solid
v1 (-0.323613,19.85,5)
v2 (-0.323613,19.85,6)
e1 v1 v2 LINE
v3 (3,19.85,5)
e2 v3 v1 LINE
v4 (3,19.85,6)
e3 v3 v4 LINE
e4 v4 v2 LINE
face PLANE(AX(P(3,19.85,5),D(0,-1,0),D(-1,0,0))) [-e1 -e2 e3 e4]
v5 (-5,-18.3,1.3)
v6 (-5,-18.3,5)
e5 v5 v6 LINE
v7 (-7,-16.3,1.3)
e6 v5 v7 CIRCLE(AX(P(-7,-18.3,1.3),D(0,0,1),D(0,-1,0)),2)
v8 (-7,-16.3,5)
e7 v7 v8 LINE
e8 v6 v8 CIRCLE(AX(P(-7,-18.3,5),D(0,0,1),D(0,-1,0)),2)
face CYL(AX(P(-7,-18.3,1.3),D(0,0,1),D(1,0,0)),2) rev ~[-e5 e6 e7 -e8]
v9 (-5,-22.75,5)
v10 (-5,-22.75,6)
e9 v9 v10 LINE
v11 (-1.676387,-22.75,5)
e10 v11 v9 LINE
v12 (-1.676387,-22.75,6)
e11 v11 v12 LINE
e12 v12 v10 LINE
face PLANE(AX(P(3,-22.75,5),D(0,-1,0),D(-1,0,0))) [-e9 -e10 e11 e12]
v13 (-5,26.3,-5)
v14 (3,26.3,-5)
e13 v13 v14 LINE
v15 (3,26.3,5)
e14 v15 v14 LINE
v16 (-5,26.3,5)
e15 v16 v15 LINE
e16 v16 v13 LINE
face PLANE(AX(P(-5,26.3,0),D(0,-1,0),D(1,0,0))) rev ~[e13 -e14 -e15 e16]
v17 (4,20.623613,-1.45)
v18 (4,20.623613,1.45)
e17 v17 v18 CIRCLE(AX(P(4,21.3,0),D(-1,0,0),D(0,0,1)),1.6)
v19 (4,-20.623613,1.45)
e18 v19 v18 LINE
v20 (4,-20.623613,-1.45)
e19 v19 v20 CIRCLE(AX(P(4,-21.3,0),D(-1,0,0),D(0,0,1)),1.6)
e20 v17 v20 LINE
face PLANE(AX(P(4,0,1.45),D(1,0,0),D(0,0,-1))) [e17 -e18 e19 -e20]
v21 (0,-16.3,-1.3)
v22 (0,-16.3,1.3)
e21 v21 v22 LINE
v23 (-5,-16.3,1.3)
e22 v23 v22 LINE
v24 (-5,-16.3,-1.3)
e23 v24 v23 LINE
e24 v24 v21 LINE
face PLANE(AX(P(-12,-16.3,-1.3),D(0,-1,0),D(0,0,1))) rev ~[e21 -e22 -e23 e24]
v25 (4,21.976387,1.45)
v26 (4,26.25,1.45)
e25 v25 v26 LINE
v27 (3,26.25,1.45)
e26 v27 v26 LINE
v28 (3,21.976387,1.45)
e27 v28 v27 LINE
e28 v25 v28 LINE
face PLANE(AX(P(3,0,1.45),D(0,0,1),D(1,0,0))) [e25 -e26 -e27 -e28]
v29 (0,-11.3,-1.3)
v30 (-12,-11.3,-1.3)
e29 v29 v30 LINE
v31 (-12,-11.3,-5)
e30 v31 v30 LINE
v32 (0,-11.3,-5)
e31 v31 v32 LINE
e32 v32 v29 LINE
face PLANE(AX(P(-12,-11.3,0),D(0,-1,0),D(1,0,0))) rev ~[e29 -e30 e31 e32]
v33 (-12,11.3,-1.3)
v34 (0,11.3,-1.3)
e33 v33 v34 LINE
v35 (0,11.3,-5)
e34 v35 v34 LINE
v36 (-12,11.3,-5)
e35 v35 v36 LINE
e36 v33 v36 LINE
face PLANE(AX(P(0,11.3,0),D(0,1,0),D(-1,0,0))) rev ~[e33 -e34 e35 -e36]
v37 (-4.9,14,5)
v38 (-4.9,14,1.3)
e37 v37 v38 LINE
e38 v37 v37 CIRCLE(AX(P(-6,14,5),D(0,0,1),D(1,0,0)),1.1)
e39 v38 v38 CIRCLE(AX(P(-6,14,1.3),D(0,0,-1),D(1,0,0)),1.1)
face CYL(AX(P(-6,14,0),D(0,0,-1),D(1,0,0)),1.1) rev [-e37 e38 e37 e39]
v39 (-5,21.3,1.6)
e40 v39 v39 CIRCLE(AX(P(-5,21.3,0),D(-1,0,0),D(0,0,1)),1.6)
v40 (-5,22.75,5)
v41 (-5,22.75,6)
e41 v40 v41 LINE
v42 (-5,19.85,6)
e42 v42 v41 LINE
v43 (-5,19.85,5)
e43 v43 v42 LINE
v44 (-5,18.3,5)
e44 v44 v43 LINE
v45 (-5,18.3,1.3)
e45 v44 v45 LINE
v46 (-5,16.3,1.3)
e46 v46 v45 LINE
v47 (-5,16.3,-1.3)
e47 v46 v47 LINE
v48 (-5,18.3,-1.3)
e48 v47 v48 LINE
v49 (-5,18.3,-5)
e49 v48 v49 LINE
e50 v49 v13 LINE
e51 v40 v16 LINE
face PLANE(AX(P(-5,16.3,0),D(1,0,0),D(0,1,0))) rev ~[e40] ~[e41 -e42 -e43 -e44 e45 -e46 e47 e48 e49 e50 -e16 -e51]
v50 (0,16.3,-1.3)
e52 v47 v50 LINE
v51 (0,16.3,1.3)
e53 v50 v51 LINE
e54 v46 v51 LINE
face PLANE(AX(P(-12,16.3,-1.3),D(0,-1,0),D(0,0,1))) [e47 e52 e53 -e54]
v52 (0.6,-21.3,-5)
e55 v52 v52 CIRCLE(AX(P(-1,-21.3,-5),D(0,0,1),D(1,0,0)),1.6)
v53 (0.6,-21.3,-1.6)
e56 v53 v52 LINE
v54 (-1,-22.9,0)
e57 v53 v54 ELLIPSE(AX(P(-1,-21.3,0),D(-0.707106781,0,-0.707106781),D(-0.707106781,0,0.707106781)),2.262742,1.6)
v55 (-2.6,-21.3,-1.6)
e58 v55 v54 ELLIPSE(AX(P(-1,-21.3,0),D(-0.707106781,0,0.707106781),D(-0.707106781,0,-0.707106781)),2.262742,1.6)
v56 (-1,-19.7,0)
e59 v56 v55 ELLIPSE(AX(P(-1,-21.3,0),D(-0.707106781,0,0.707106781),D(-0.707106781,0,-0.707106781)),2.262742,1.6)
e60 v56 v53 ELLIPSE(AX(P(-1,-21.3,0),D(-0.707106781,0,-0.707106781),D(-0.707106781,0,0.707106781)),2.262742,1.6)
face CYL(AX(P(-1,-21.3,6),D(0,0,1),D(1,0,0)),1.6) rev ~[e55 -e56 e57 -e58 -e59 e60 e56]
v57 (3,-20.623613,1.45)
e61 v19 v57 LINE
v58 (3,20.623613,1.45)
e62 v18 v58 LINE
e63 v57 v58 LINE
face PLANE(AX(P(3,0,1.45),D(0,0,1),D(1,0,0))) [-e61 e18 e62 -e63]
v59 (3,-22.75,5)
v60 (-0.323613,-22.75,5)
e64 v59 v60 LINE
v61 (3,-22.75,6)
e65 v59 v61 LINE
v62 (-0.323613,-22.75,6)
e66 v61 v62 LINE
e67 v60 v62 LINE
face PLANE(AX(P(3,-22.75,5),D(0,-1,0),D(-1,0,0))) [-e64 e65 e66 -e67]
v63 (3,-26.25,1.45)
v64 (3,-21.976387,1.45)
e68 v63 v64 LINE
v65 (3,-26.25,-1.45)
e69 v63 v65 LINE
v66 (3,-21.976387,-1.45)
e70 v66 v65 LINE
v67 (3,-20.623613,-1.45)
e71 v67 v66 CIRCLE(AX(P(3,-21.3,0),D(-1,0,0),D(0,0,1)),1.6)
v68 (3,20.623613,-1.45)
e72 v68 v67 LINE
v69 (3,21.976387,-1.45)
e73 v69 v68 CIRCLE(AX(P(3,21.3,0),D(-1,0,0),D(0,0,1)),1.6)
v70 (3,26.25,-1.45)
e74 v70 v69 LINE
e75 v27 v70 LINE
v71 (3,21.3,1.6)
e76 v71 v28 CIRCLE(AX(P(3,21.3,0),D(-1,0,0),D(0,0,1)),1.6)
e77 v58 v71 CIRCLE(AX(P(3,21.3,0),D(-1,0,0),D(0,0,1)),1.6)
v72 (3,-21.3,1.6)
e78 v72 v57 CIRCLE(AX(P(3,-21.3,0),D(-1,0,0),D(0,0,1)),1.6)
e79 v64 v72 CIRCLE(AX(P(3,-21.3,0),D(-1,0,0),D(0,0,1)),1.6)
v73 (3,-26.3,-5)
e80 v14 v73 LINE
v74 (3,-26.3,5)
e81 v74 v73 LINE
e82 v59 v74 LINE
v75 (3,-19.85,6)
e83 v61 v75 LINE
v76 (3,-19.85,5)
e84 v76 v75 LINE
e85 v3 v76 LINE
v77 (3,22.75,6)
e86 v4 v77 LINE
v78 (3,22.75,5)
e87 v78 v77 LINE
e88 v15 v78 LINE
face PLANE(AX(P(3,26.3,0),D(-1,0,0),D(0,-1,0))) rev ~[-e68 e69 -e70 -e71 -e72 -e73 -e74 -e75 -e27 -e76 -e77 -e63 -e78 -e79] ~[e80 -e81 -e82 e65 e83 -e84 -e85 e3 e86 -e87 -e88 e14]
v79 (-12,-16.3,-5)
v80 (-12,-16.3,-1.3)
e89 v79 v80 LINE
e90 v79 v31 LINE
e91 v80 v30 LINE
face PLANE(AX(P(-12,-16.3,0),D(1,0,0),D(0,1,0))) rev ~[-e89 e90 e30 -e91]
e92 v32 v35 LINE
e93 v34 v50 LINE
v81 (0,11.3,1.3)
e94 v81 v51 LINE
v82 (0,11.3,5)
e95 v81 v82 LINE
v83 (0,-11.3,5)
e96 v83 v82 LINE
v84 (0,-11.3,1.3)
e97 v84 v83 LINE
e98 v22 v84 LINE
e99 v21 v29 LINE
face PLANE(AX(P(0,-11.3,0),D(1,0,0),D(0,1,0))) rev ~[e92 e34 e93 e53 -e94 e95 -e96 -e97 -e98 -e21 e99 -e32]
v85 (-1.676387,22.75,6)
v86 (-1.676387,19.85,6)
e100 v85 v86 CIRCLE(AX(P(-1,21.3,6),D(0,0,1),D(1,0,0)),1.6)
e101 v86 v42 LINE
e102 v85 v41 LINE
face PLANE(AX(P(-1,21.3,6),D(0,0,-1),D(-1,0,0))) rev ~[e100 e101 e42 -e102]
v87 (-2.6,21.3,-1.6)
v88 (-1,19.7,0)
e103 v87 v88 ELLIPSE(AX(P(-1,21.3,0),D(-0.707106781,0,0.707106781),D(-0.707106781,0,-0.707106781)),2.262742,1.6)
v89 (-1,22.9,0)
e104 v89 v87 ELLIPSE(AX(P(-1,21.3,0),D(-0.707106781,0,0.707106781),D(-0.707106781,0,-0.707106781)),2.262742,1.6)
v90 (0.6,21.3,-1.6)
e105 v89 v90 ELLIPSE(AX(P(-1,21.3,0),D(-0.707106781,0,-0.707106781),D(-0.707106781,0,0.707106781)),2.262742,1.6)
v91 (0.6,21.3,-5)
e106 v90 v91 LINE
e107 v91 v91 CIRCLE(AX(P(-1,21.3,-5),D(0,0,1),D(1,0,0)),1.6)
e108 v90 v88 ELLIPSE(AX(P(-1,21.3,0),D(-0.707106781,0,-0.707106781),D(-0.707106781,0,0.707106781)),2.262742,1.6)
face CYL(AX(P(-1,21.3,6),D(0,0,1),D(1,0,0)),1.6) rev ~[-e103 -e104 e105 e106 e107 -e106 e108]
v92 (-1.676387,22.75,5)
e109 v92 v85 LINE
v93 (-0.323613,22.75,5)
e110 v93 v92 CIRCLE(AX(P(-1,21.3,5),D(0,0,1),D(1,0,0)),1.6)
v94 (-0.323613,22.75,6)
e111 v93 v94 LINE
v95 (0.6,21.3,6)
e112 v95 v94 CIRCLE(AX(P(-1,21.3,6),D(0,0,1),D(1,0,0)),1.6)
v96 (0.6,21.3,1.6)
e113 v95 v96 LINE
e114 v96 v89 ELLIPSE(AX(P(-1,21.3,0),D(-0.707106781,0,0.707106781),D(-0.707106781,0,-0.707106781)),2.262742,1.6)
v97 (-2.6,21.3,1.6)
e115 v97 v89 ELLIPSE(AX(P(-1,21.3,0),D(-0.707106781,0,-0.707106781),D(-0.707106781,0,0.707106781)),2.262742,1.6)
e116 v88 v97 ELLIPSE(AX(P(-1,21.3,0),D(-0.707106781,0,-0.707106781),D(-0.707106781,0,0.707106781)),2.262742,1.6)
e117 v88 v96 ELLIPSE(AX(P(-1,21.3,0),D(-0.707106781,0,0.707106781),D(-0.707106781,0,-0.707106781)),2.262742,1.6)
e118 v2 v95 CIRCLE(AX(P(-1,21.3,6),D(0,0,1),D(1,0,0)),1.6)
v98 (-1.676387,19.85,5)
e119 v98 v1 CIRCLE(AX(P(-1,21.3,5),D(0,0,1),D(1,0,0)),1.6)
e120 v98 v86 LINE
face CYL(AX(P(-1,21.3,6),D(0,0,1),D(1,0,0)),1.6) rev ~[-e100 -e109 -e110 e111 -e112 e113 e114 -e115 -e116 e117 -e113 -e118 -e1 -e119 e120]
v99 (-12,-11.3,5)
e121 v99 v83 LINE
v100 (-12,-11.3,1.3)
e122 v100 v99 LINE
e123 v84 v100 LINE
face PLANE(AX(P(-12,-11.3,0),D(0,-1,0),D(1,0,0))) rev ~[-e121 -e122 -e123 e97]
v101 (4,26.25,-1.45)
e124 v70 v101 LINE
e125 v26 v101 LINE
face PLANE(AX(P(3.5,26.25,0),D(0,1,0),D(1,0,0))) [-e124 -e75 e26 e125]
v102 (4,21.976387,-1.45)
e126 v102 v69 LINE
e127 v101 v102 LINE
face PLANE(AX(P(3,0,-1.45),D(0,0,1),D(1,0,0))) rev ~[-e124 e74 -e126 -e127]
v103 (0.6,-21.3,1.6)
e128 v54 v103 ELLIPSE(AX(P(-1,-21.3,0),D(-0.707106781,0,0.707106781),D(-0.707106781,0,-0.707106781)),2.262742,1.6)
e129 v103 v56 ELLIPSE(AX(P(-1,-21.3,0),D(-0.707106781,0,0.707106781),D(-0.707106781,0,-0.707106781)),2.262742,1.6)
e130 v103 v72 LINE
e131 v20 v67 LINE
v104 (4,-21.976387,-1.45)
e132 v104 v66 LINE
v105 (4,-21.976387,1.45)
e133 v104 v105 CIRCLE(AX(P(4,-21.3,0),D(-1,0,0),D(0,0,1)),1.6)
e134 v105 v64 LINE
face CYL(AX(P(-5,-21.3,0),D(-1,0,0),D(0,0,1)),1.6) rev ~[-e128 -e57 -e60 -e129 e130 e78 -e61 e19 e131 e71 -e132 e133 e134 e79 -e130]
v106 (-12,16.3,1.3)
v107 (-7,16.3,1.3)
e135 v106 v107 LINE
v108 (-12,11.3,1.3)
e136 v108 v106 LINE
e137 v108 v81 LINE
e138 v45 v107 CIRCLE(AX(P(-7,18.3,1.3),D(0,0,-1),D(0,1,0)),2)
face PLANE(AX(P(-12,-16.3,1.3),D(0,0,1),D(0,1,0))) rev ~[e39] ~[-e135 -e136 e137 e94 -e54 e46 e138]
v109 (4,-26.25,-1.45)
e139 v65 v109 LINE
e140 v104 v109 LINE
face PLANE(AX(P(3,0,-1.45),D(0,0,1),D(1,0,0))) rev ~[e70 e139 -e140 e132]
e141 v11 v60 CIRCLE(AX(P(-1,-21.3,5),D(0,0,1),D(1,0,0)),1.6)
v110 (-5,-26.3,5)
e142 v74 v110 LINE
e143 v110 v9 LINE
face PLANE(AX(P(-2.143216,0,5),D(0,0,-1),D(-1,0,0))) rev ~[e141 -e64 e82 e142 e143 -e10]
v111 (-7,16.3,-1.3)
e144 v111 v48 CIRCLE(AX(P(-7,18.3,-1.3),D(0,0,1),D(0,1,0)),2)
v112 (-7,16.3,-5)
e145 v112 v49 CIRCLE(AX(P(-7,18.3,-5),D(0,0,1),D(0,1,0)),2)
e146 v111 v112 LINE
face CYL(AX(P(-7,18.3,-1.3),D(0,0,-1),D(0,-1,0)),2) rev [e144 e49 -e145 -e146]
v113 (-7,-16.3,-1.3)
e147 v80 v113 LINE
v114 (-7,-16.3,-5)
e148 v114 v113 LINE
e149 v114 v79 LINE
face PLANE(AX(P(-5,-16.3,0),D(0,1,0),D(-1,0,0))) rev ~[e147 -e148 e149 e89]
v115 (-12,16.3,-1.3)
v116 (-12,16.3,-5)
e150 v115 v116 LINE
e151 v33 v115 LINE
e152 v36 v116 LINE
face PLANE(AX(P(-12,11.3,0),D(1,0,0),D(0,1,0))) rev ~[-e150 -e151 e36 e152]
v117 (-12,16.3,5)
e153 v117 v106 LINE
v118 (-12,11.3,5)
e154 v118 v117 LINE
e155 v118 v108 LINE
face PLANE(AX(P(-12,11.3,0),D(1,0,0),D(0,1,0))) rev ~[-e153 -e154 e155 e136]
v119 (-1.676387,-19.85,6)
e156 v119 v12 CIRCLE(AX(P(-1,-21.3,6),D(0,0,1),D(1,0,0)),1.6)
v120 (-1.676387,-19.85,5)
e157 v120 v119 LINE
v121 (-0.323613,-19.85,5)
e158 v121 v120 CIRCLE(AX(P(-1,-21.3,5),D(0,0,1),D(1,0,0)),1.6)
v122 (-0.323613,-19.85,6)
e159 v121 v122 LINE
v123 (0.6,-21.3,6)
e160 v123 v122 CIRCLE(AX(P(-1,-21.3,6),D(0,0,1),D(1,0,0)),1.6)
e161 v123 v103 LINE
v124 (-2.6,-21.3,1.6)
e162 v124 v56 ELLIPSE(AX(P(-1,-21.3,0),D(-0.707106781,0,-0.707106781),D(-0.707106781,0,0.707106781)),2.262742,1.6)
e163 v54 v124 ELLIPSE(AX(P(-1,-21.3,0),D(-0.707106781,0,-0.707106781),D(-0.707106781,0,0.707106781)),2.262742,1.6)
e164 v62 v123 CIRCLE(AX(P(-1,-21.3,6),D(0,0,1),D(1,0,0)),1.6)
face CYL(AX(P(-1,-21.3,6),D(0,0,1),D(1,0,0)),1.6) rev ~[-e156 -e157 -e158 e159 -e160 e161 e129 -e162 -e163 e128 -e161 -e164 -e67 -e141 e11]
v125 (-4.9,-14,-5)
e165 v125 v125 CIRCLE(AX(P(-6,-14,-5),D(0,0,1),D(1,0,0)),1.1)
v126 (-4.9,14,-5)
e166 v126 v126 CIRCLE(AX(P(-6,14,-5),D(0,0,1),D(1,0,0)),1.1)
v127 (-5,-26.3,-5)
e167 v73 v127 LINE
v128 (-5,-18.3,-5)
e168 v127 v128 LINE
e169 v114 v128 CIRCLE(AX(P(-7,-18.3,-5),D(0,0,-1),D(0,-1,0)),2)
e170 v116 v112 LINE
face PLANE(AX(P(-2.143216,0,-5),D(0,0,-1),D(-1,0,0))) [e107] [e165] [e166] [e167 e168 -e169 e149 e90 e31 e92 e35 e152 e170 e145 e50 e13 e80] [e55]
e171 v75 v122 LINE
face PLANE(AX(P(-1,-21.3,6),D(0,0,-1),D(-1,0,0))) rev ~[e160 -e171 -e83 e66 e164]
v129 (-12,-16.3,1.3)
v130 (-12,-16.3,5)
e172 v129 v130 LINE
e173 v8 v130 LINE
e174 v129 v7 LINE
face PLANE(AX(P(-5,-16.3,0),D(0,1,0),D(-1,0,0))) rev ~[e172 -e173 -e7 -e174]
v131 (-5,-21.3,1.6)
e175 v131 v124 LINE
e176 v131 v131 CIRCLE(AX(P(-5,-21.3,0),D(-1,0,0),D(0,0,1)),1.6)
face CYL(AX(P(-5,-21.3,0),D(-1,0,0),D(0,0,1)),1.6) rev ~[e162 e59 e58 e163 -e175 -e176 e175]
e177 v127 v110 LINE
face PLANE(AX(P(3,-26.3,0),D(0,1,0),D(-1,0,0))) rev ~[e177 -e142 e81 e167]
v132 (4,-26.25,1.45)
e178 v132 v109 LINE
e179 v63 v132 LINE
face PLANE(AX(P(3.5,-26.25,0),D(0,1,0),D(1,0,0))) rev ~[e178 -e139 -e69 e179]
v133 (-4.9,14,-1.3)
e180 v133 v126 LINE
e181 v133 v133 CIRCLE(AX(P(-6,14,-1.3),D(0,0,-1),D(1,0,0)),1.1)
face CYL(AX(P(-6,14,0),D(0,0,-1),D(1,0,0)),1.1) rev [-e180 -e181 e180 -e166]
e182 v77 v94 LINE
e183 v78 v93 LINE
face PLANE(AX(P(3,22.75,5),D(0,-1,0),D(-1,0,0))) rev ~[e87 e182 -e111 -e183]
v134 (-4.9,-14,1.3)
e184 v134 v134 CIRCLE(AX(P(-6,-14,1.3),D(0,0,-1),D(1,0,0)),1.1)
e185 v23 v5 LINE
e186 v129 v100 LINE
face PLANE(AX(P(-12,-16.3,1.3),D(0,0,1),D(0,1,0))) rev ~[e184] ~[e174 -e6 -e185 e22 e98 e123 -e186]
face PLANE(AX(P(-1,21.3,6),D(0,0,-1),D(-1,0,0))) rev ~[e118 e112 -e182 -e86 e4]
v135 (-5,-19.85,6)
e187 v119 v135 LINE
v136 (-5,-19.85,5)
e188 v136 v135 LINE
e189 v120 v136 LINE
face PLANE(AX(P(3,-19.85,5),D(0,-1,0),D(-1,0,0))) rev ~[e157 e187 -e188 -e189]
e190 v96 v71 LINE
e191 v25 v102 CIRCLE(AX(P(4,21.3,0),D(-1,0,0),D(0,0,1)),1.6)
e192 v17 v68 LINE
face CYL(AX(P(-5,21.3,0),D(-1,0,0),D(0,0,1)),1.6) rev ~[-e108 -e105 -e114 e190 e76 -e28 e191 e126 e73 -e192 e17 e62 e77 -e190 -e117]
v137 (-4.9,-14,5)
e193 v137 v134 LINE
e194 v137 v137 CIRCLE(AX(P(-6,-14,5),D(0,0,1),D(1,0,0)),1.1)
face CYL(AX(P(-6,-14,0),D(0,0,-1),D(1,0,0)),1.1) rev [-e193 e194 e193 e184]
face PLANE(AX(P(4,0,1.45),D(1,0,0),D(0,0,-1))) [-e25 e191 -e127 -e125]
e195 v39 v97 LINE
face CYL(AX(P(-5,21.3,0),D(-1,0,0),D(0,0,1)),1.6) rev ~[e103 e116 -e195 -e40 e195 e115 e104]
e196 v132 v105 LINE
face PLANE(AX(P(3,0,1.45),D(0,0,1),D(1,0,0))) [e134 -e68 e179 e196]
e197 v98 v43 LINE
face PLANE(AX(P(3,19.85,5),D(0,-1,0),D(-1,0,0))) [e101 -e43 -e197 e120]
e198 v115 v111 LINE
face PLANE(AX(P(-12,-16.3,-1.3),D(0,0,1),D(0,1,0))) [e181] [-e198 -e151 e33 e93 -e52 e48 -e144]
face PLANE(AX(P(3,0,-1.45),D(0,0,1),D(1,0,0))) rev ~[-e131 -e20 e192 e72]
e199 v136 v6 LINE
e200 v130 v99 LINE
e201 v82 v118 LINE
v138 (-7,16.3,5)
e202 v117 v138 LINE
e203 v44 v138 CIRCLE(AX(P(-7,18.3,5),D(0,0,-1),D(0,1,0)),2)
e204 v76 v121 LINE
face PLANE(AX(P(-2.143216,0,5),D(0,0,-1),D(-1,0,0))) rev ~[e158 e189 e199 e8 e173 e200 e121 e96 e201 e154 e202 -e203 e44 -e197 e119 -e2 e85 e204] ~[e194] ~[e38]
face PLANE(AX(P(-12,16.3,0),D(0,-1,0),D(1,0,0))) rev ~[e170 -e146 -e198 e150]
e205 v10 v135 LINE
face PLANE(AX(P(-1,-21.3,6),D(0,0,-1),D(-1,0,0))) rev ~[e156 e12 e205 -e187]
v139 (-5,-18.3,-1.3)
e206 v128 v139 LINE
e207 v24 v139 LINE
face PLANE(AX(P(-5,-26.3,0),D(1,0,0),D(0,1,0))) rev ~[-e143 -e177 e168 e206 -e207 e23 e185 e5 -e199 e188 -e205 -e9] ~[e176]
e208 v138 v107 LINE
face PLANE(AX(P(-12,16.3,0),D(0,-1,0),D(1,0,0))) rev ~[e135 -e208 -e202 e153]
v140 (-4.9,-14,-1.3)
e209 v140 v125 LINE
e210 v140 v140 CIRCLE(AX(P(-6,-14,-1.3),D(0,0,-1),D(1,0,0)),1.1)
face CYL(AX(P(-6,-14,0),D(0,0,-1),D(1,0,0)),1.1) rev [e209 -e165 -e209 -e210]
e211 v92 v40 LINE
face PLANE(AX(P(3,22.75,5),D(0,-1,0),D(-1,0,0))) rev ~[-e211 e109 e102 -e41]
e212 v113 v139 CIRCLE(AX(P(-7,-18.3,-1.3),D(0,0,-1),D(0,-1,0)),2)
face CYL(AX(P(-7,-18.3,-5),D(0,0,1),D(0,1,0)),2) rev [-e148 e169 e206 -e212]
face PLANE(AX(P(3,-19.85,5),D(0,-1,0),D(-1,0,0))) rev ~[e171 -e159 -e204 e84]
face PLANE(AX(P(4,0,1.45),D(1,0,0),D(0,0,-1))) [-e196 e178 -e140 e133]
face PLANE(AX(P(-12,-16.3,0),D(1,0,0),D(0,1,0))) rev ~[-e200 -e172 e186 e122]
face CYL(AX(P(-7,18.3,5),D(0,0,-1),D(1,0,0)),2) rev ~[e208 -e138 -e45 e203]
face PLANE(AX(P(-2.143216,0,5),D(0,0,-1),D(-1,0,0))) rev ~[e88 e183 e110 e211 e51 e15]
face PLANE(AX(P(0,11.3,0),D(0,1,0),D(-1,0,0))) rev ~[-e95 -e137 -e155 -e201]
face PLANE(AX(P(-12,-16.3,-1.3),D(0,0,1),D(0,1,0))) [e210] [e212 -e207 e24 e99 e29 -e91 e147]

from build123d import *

# Parameters (mm, degrees)
SKETCH1_R                      = 1.1
MAIN_DEPTH                     = 5
SKETCH2_W                      = 1
SKETCH2_H                      = 2.9
MAKERBEAMSUPPORT_DEPTH         = 26.25
SKETCH3_R                      = 1.6
MAKERBEAMHOLES_DEPTH           = 10
SKETCH4_W                      = 2.6
SKETCH4_H                      = 32.6
CUT_EXTRUDE2_DEPTH             = 12
SKETCH5_W                      = 8
SKETCH5_H                      = 2.9
MAKERBEAMTOPSUPPORT_DEPTH      = 1
SKETCH6_R                      = 1.6
MAKERBEAMTOPHOLESSUPPORT_DEPTH = 12
FILLET1_R                      = 2


with BuildPart() as part:
    # Sketch1 → Main (new body, symmetric)
    with BuildSketch(Plane.XY):
        Polygon((0, 11.3), (-12, 11.3), (-12, 16.3), (-5, 16.3), (-5, 26.3), (3, 26.3), (3, -26.3), (-5, -26.3), (-5, -16.3), (-12, -16.3), (-12, -11.3), (0, -11.3), align=None)
        with Locations((-6, 14)):
            Circle(SKETCH1_R, mode=Mode.SUBTRACT)
        with Locations((-6, -14)):
            Circle(SKETCH1_R, mode=Mode.SUBTRACT)
    extrude(amount=MAIN_DEPTH, both=True)

    # Sketch2 → MakerBeamSupport (add, symmetric)
    with BuildSketch(Plane(origin=(0, 0, 0), x_dir=(1, 0, 0), z_dir=(0, 1, 0))):
        with Locations((3.5, 0)):
            Rectangle(SKETCH2_W, SKETCH2_H)
    extrude(amount=MAKERBEAMSUPPORT_DEPTH, both=True)

    # Sketch3 → MakerBeamHoles (cut, through all)
    with BuildSketch(Plane.ZY.offset(5)):
        with Locations((0, 21.3)):
            Circle(SKETCH3_R)
        with Locations((0, -21.3)):
            Circle(SKETCH3_R)
    extrude(amount=-MAKERBEAMHOLES_DEPTH, mode=Mode.SUBTRACT)

    # Sketch4 → Cut-Extrude2 (cut)
    with BuildSketch(Plane.ZY.offset(12)):
        Rectangle(SKETCH4_W, SKETCH4_H)
    extrude(amount=-CUT_EXTRUDE2_DEPTH, mode=Mode.SUBTRACT)

    # Sketch5 → MakerBeamTopSupport (add)
    with BuildSketch(Plane(origin=(0, 0, 5), x_dir=(-1, 0, 0), z_dir=(0, 0, -1))):
        with Locations((1, 21.3)):
            Rectangle(SKETCH5_W, SKETCH5_H)
        with Locations((1, -21.3)):
            Rectangle(SKETCH5_W, SKETCH5_H)
    extrude(amount=-MAKERBEAMTOPSUPPORT_DEPTH)

    # Sketch6 → MakerBeamTopHolesSupport (cut, through all)
    with BuildSketch(Plane.XY.offset(6)):
        with Locations((-1, 21.3)):
            Circle(SKETCH6_R)
        with Locations((-1, -21.3)):
            Circle(SKETCH6_R)
    extrude(amount=-MAKERBEAMTOPHOLESSUPPORT_DEPTH, mode=Mode.SUBTRACT)

    # Fillet1
    fillet1_edges = [part.edges().sort_by_distance(p)[0] for p in [
        (-5, 16.3, 3.15),
        (-5, -16.3, 3.15),
        (-5, 16.3, -3.15),
        (-5, -16.3, -3.15),
    ]]
    fillet(fillet1_edges, radius=FILLET1_R)


solid = part.part
